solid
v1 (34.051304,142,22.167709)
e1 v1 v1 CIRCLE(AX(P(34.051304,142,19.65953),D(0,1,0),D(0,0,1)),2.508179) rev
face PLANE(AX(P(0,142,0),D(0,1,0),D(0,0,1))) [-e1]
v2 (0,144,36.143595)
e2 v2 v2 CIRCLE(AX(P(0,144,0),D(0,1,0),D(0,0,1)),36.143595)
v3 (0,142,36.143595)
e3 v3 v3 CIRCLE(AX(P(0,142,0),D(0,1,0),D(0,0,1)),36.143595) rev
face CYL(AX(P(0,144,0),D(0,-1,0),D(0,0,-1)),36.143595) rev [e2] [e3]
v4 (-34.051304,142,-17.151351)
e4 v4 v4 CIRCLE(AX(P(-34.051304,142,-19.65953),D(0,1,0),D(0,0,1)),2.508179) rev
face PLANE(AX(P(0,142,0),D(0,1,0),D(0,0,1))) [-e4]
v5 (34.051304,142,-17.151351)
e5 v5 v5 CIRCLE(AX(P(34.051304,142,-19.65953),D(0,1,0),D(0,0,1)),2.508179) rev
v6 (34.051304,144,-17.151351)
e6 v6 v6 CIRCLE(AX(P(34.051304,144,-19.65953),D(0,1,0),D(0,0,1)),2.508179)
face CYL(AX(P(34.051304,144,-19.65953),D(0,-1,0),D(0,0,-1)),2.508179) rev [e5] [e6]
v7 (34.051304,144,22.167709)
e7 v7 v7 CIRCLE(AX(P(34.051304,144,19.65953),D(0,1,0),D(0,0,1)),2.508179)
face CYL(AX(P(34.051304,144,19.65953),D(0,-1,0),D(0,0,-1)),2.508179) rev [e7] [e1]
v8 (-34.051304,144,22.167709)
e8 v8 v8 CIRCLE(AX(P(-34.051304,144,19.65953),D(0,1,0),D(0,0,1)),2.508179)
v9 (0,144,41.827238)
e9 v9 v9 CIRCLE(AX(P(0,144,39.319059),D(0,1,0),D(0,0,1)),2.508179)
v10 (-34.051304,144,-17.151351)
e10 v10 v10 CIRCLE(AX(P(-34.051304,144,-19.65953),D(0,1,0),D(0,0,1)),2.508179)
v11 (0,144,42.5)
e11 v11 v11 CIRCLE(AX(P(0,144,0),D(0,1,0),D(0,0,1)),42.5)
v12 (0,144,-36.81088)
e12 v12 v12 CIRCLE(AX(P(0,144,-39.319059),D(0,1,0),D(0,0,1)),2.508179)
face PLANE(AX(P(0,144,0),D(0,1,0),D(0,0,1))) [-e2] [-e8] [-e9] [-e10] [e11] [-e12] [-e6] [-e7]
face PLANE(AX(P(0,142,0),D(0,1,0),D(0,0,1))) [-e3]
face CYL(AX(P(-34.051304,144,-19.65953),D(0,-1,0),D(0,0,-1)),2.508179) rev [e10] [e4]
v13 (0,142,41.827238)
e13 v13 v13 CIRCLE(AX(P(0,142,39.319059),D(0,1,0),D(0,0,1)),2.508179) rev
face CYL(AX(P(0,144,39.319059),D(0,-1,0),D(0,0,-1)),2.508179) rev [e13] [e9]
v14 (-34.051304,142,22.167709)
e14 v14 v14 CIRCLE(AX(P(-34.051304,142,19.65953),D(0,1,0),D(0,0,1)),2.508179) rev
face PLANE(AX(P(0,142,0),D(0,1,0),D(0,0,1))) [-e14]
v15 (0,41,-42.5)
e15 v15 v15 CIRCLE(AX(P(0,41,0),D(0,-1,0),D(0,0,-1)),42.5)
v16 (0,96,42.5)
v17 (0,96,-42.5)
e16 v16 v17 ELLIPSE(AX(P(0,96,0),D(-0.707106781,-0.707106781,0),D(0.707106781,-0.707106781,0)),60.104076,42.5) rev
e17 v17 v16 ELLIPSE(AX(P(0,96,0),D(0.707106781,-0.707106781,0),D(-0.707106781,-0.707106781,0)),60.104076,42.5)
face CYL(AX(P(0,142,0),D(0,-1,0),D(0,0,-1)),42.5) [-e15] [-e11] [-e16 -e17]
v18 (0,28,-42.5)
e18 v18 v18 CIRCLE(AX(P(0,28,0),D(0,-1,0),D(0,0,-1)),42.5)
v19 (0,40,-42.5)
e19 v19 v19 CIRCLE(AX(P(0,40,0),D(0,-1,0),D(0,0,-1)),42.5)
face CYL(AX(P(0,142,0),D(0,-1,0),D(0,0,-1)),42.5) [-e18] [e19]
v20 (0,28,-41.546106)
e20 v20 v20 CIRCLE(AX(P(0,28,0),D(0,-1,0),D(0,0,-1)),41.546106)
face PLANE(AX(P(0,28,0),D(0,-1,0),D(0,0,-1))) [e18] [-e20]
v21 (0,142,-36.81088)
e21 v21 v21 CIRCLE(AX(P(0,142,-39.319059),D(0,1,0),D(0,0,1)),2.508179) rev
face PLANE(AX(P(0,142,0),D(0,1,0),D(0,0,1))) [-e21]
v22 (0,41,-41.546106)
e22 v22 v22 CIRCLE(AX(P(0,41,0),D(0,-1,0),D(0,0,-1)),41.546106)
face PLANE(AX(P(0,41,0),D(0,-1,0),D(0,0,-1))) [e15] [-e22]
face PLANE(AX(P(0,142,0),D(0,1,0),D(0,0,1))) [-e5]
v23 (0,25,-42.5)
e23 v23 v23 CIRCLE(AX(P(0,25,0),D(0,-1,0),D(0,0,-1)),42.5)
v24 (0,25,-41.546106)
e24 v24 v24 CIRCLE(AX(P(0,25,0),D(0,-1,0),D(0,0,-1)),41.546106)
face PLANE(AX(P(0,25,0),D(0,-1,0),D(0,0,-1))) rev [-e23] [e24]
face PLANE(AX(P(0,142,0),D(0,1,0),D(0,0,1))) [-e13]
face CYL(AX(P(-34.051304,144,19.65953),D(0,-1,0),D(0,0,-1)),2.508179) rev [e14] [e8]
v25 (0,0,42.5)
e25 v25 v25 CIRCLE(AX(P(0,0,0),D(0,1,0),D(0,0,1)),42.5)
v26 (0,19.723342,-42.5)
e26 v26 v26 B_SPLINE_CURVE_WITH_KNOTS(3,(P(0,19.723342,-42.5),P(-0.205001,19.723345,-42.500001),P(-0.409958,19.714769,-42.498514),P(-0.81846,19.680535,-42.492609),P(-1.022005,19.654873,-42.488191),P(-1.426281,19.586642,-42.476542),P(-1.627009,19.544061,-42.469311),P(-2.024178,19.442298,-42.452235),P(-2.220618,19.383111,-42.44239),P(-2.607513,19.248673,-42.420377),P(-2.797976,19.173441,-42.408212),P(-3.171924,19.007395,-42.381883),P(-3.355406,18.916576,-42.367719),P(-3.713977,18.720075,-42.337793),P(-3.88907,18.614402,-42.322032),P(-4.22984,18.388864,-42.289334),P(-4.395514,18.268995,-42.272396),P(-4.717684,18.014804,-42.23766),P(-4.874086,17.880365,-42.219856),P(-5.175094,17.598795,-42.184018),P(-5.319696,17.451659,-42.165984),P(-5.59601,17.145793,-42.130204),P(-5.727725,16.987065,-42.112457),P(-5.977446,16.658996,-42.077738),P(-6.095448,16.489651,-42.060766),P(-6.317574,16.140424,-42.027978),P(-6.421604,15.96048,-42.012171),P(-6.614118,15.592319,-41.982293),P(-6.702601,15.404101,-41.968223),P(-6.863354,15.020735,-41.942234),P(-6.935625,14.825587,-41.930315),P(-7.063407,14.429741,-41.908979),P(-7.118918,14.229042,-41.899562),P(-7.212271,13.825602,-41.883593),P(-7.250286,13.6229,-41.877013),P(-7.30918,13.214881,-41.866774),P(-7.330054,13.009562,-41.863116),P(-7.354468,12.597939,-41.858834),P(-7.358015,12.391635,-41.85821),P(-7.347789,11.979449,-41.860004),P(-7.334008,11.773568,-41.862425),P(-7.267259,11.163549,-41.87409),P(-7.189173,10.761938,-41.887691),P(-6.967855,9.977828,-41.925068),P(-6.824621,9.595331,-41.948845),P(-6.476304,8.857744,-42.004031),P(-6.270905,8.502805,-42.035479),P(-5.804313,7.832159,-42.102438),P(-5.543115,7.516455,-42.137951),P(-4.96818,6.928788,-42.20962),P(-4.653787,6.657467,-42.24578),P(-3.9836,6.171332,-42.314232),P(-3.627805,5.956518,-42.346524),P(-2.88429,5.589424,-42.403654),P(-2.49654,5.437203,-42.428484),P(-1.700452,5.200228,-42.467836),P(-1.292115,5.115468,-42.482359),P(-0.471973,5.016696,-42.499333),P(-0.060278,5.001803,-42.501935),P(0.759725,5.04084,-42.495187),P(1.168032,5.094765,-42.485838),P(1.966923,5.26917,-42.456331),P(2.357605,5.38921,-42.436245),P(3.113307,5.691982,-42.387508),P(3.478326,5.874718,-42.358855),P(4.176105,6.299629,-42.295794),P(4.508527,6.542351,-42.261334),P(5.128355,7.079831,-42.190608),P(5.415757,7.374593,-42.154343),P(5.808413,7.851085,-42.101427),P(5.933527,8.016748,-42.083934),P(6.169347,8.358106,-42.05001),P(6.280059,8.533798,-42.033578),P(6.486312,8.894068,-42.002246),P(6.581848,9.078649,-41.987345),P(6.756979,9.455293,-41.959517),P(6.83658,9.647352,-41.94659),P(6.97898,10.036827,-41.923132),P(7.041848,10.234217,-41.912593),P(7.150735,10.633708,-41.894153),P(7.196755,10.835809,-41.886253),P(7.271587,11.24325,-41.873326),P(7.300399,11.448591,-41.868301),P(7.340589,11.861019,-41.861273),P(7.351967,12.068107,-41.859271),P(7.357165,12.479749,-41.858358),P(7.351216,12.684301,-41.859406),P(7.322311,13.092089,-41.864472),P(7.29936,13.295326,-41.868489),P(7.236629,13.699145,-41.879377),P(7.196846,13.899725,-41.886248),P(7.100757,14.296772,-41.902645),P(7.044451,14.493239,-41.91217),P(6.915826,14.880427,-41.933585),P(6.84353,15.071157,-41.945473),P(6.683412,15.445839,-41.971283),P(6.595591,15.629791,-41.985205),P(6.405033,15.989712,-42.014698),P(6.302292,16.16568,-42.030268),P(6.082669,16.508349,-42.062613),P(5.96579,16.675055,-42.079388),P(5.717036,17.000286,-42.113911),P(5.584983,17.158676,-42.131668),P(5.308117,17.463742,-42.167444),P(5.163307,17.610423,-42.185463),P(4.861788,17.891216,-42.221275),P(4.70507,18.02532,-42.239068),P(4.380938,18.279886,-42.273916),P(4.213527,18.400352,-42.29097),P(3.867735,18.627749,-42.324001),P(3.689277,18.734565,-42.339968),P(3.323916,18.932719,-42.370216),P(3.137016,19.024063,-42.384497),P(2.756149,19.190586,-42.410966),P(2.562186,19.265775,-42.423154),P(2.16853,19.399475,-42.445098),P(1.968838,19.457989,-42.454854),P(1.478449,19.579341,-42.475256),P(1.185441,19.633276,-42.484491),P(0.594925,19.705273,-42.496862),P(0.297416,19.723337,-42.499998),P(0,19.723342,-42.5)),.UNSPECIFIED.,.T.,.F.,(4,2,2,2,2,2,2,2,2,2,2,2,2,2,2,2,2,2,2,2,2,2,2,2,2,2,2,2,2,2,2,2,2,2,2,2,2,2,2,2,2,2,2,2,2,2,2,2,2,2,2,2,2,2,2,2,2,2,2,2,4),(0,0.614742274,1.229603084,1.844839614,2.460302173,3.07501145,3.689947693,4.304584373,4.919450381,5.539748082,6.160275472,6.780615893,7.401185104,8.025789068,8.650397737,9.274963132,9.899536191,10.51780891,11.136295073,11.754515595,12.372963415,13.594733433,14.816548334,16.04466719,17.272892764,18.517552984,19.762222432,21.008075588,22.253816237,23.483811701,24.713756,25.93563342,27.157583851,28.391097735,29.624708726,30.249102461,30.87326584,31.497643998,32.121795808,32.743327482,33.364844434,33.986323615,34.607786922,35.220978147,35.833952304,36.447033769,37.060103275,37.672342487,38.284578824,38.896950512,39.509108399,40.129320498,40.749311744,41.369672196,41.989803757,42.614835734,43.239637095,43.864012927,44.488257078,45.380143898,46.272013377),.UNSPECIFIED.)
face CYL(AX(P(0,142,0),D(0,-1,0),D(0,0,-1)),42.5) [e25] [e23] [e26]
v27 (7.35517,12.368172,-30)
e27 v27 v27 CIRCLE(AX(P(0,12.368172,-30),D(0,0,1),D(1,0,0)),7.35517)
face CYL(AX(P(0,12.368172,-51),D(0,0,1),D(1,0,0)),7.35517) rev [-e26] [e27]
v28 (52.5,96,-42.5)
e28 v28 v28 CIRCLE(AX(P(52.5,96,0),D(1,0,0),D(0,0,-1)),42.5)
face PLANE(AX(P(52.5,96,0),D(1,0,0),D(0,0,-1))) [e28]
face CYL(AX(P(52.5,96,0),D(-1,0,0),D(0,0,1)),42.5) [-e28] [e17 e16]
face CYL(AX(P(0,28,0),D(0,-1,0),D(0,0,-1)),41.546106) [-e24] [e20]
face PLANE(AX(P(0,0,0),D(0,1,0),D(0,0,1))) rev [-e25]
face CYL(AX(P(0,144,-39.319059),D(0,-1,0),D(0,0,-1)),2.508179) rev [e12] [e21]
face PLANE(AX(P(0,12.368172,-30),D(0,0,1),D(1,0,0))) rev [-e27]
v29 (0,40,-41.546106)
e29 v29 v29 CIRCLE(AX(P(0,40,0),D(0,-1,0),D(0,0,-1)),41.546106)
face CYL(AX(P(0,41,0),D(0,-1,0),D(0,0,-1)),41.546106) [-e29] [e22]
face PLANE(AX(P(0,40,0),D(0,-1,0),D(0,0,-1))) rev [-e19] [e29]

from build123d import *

# Parameters (mm, degrees)
CROQUIS1_R              = 42.5
SALIENTE_EXTRUIR1_DEPTH = 142
CROQUIS2_R              = 42.5
SALIENTE_EXTRUIR2_DEPTH = 52.5
CROQUIS3_R              = 42.5
CROQUIS3_R_2            = 36.143595246
CROQUIS3_R_3            = 2.508178933
SALIENTE_EXTRUIR3_DEPTH = 2
CORTAR_EXTRUIR1_START   = -25
CROQUIS6_R              = 42.5
CROQUIS6_R_2            = 41.546105734
CORTAR_EXTRUIR1_DEPTH   = 3
CORTAR_EXTRUIR2_START   = -40
CROQUIS7_R              = 42.5
CROQUIS7_R_2            = 41.546105734
CORTAR_EXTRUIR2_DEPTH   = 1
CORTAR_EXTRUIR3_START   = -30
CROQUIS8_R              = 7.355169738
CORTAR_EXTRUIR3_DEPTH   = 21


with BuildPart() as part:
    # Croquis1 → Saliente-Extruir1 (new body)
    with BuildSketch(Plane(origin=(0, 0, 0), x_dir=(1, 0, 0), z_dir=(0, 1, 0))):
        with Locations(Location((0, 0, 0), (0, 0, 270))):
            Circle(CROQUIS1_R)
    extrude(amount=SALIENTE_EXTRUIR1_DEPTH)

    # Croquis2 → Saliente-Extruir2 (add)
    with BuildSketch(Plane(origin=(0, 0, 0), x_dir=(0, 0, -1), z_dir=(1, 0, 0))):
        with Locations((0, 96)):
            Circle(CROQUIS2_R)
    extrude(amount=SALIENTE_EXTRUIR2_DEPTH)

    # Croquis3 → Saliente-Extruir3 (add)
    with BuildSketch(Plane(origin=(0, 142, 0), x_dir=(1, 0, 0), z_dir=(0, 1, 0))):
        with Locations(Location((0, 0, 0), (0, 0, 270))):
            Circle(CROQUIS3_R)
        with Locations(Location((0, 0, 0), (0, 0, 270))):
            Circle(CROQUIS3_R_2, mode=Mode.SUBTRACT)
        with Locations(Location((0, 39.319059372, 0), (0, 0, 270))):
            Circle(CROQUIS3_R_3, mode=Mode.SUBTRACT)
        with Locations(Location((34.051304269, 19.659529686, 0), (0, 0, 270))):
            Circle(CROQUIS3_R_3, mode=Mode.SUBTRACT)
        with Locations(Location((34.051304269, -19.659529686, 0), (0, 0, 270))):
            Circle(CROQUIS3_R_3, mode=Mode.SUBTRACT)
        with Locations(Location((0, -39.319059372, 0), (0, 0, 270))):
            Circle(CROQUIS3_R_3, mode=Mode.SUBTRACT)
        with Locations(Location((-34.051304269, -19.659529686, 0), (0, 0, 270))):
            Circle(CROQUIS3_R_3, mode=Mode.SUBTRACT)
        with Locations(Location((-34.051304269, 19.659529686, 0), (0, 0, 270))):
            Circle(CROQUIS3_R_3, mode=Mode.SUBTRACT)
    extrude(amount=SALIENTE_EXTRUIR3_DEPTH)

    # Croquis6 → Cortar-Extruir1 (cut)
    with BuildSketch(Plane.XZ.offset(CORTAR_EXTRUIR1_START)):
        with Locations(Location((0, 0, 0), (0, 0, 270))):
            Circle(CROQUIS6_R)
        with Locations(Location((0, 0, 0), (0, 0, 270))):
            Circle(CROQUIS6_R_2, mode=Mode.SUBTRACT)
    extrude(amount=-CORTAR_EXTRUIR1_DEPTH, mode=Mode.SUBTRACT)

    # Croquis7 → Cortar-Extruir2 (cut)
    with BuildSketch(Plane(origin=(0, 0, 0), x_dir=(-1, 0, 0), z_dir=(0, -1, 0)).offset(CORTAR_EXTRUIR2_START)):
        with Locations(Location((0, 0, 0), (0, 0, 90))):
            Circle(CROQUIS7_R)
        with Locations(Location((0, 0, 0), (0, 0, 90))):
            Circle(CROQUIS7_R_2, mode=Mode.SUBTRACT)
    extrude(amount=-CORTAR_EXTRUIR2_DEPTH, mode=Mode.SUBTRACT)

    # Croquis8 → Cortar-Extruir3 (cut)
    with BuildSketch(Plane.XY.offset(CORTAR_EXTRUIR3_START)):
        with Locations((0, 12.368172151)):
            Circle(CROQUIS8_R)
    extrude(amount=-CORTAR_EXTRUIR3_DEPTH, mode=Mode.SUBTRACT)


solid = part.part
